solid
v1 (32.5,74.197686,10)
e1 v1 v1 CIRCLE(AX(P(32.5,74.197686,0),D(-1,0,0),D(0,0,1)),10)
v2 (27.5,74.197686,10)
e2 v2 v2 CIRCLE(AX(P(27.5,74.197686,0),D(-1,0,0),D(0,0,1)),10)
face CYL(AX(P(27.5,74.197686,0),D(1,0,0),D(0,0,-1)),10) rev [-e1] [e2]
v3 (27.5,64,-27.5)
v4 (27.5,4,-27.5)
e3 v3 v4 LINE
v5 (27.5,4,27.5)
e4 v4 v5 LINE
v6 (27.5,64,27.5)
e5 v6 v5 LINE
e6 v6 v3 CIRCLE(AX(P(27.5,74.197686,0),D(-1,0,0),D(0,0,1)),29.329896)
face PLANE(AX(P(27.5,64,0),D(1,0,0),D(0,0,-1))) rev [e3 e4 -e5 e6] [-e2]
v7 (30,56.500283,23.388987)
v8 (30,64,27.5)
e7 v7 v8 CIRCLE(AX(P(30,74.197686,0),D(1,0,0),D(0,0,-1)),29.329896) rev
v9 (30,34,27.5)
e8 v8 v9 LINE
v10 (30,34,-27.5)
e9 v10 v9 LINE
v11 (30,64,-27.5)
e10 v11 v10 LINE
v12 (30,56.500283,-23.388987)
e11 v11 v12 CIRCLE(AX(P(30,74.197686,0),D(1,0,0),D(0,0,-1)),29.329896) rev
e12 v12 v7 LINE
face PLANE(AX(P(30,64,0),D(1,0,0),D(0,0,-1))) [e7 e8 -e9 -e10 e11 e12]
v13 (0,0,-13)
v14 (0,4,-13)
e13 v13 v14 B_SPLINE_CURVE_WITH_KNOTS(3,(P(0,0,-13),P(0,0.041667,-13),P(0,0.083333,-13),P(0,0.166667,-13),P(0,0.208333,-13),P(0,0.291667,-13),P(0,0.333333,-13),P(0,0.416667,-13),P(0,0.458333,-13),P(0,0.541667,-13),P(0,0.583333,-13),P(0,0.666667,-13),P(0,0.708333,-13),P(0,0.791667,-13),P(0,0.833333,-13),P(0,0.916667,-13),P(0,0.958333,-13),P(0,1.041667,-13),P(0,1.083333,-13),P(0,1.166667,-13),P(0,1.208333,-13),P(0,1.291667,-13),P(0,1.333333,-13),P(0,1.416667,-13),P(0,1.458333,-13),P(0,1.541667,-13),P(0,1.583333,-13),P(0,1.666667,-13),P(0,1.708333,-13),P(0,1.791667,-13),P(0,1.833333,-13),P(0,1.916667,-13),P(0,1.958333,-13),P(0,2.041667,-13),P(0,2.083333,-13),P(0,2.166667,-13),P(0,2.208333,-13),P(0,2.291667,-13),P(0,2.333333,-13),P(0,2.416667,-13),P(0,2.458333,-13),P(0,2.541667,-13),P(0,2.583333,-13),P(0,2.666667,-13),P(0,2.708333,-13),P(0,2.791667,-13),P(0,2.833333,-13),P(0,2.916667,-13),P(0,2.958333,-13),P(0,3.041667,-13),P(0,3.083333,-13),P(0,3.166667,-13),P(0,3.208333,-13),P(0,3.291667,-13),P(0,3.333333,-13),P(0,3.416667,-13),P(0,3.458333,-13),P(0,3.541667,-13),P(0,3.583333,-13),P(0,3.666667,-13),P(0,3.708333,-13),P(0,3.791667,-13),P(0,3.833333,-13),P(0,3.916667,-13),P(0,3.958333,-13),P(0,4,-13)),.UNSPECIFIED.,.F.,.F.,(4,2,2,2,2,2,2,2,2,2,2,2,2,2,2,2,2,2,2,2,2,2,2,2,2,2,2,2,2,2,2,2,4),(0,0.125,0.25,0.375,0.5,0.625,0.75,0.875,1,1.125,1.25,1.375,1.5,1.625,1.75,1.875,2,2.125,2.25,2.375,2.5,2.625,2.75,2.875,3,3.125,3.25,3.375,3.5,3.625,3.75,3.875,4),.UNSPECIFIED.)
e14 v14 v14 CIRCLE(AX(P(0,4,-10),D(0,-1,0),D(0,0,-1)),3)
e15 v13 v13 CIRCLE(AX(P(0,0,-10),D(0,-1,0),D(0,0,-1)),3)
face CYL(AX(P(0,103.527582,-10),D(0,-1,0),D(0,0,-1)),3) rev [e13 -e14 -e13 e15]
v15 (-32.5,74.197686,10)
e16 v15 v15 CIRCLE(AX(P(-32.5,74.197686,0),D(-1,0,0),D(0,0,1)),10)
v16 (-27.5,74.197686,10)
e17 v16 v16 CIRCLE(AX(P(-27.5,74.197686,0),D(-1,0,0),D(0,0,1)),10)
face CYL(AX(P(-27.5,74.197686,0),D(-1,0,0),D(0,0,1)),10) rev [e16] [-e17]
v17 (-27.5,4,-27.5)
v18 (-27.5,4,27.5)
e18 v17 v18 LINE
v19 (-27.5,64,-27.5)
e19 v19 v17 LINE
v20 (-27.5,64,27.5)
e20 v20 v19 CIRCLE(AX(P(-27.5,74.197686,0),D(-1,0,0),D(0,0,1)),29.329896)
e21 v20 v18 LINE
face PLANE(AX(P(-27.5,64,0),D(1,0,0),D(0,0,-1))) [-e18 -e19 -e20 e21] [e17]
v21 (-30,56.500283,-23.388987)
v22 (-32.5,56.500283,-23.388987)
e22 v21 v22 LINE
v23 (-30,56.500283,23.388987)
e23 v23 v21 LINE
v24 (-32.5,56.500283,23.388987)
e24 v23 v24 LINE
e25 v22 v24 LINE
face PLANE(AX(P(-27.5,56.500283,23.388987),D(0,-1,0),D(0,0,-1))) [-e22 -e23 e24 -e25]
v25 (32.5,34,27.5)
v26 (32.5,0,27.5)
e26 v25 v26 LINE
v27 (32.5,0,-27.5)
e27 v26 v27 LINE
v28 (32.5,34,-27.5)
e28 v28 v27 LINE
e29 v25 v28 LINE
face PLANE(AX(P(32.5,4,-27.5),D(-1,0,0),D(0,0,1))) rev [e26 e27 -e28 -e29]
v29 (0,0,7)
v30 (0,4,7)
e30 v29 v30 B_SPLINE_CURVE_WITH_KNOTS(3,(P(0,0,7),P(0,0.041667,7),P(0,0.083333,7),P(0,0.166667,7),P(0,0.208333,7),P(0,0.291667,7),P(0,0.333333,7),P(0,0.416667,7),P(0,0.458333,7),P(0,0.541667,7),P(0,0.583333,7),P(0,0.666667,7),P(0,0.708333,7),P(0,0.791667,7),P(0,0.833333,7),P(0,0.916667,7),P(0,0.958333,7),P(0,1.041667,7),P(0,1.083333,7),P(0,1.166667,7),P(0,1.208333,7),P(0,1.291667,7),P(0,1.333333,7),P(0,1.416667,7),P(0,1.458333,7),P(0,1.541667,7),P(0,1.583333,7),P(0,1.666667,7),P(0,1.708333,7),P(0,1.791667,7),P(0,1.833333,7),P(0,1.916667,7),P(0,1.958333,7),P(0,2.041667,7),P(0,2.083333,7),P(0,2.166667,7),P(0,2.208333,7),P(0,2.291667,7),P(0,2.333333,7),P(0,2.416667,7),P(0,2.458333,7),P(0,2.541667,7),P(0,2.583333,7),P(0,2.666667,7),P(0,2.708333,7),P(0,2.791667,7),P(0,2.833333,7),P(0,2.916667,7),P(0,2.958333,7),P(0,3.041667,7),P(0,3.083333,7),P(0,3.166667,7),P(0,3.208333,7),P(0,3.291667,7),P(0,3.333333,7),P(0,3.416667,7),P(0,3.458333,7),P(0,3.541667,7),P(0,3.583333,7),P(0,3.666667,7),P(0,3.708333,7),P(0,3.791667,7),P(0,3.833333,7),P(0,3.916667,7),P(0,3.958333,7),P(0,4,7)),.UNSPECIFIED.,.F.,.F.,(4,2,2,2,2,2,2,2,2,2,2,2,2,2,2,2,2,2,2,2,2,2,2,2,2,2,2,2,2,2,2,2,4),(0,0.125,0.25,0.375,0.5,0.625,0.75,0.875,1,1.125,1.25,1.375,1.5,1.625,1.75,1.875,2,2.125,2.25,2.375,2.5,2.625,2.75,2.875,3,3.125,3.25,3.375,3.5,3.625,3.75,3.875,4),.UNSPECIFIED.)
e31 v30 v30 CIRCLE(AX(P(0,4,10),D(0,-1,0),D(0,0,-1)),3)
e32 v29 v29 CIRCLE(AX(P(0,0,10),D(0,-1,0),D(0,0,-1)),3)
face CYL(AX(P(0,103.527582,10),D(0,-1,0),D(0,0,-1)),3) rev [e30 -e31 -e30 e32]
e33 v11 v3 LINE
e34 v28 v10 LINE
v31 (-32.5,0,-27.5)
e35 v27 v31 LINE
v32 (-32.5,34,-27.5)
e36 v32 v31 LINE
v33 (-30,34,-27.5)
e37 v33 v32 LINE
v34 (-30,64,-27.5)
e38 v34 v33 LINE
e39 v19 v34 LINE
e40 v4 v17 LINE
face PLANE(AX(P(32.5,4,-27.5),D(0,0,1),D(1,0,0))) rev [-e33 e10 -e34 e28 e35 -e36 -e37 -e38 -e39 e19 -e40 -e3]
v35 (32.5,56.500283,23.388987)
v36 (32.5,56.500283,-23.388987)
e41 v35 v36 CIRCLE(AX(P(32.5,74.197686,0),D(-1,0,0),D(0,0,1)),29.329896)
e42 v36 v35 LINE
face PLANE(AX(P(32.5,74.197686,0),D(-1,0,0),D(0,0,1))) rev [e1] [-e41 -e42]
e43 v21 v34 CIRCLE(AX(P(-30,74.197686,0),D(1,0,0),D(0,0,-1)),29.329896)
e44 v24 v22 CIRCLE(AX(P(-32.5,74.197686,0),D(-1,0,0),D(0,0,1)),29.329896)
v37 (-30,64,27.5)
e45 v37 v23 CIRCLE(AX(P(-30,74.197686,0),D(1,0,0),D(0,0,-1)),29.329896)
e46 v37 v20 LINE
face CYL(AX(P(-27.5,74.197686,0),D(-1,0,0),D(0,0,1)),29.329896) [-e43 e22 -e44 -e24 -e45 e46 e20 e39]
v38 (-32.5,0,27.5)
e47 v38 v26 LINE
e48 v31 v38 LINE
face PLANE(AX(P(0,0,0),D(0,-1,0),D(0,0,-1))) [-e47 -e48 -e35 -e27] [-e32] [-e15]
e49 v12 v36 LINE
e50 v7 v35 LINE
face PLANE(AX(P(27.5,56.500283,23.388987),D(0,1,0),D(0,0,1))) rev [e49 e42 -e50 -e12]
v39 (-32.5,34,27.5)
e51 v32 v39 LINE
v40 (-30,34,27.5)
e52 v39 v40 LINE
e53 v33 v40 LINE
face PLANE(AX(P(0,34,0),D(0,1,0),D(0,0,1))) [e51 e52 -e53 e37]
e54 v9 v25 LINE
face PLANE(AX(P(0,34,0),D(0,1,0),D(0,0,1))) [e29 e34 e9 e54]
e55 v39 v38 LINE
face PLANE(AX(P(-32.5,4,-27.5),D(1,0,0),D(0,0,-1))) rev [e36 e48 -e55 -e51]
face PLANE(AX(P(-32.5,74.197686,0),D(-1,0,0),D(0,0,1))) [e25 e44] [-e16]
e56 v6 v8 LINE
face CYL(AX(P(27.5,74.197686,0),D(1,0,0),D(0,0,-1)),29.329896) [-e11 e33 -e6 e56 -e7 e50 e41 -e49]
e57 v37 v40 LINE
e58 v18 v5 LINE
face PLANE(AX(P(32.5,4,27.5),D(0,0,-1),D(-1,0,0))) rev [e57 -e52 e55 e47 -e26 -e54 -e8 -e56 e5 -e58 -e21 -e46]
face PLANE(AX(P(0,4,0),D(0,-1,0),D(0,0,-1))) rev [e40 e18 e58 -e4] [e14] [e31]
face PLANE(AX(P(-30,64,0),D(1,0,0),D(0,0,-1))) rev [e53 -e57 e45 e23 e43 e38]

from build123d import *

# Parameters (mm, degrees)
SKETCH1_W                = 65
SKETCH1_H                = 55
BOSS_EXTRUDE1_DEPTH      = 4
SKETCH2_W                = 2.5
SKETCH2_H                = 55
BOSS_EXTRUDE2_DEPTH      = 60
SKETCH2_3_W              = 2.5
SKETCH2_3_H              = 55
BOSS_EXTRUDE3_DEPTH      = 30
BOSS_EXTRUDE4_DEPTH      = 2.5
BOSS_EXTRUDE4_DEPTH_BACK = 2.5
SKETCH4_R                = 10
BOSS_EXTRUDE5_START      = -62.5
SKETCH4_2_R              = 10
BOSS_EXTRUDE5_DEPTH      = 5
CUT_EXTRUDE1_DEPTH       = 113.403083271
CUT_EXTRUDE1_DEPTH_BACK  = 113.403083271
SKETCH5_R                = 3


with BuildPart() as part:
    # Sketch1 → Boss-Extrude1 (new body)
    with BuildSketch(Plane(origin=(0, 0, 0), x_dir=(1, 0, 0), z_dir=(0, 1, 0))):
        Rectangle(SKETCH1_W, SKETCH1_H)
    extrude(amount=BOSS_EXTRUDE1_DEPTH)

    # Sketch2 → Boss-Extrude2 (add)
    with BuildSketch(Plane(origin=(0, 4, 0), x_dir=(1, 0, 0), z_dir=(0, 1, 0))):
        with Locations((-28.75, 0)):
            Rectangle(SKETCH2_W, SKETCH2_H)
        with Locations((28.75, 0)):
            Rectangle(SKETCH2_W, SKETCH2_H)
    extrude(amount=BOSS_EXTRUDE2_DEPTH)

    # Sketch2<3> → Boss-Extrude3 (add)
    with BuildSketch(Plane(origin=(0, 4, 0), x_dir=(1, 0, 0), z_dir=(0, 1, 0))):
        with Locations((-31.25, 0)):
            Rectangle(SKETCH2_3_W, SKETCH2_3_H)
        with Locations((31.25, 0)):
            Rectangle(SKETCH2_3_W, SKETCH2_3_H)
    extrude(amount=BOSS_EXTRUDE3_DEPTH)

    # Sketch4 → Boss-Extrude4 (add, two sides: drawn at the far end of the back side and taken through both)
    with BuildSketch(Plane.ZY.offset(30).offset(-BOSS_EXTRUDE4_DEPTH_BACK)):
        with BuildLine():
            Line((23.388987302, 56.500283138), (-23.388987302, 56.500283138))
            ThreePointArc((-23.388987302, 56.500283138), (0, 103.527582425), (23.388987302, 56.500283138))
        make_face()
        with Locations((0, 74.19768631)):
            Circle(SKETCH4_R, mode=Mode.SUBTRACT)
    extrude(amount=BOSS_EXTRUDE4_DEPTH + BOSS_EXTRUDE4_DEPTH_BACK)

    # Sketch4<2> → Boss-Extrude5 (add)
    with BuildSketch(Plane.ZY.offset(30).offset(BOSS_EXTRUDE5_START)):
        with BuildLine():
            Line((23.388987302, 56.500283138), (-23.388987302, 56.500283138))
            ThreePointArc((-23.388987302, 56.500283138), (0, 103.527582425), (23.388987302, 56.500283138))
        make_face()
        with Locations((0, 74.19768631)):
            Circle(SKETCH4_2_R, mode=Mode.SUBTRACT)
    extrude(amount=BOSS_EXTRUDE5_DEPTH)

    # Sketch5 → Cut-Extrude1 (cut, two sides: drawn at the far end of the back side and taken through both)
    with BuildSketch(Plane.XZ.offset(-CUT_EXTRUDE1_DEPTH_BACK)):
        with Locations((0, 10)):
            Circle(SKETCH5_R)
        with Locations((0, -10)):
            Circle(SKETCH5_R)
    extrude(amount=CUT_EXTRUDE1_DEPTH + CUT_EXTRUDE1_DEPTH_BACK, mode=Mode.SUBTRACT)


solid = part.part
